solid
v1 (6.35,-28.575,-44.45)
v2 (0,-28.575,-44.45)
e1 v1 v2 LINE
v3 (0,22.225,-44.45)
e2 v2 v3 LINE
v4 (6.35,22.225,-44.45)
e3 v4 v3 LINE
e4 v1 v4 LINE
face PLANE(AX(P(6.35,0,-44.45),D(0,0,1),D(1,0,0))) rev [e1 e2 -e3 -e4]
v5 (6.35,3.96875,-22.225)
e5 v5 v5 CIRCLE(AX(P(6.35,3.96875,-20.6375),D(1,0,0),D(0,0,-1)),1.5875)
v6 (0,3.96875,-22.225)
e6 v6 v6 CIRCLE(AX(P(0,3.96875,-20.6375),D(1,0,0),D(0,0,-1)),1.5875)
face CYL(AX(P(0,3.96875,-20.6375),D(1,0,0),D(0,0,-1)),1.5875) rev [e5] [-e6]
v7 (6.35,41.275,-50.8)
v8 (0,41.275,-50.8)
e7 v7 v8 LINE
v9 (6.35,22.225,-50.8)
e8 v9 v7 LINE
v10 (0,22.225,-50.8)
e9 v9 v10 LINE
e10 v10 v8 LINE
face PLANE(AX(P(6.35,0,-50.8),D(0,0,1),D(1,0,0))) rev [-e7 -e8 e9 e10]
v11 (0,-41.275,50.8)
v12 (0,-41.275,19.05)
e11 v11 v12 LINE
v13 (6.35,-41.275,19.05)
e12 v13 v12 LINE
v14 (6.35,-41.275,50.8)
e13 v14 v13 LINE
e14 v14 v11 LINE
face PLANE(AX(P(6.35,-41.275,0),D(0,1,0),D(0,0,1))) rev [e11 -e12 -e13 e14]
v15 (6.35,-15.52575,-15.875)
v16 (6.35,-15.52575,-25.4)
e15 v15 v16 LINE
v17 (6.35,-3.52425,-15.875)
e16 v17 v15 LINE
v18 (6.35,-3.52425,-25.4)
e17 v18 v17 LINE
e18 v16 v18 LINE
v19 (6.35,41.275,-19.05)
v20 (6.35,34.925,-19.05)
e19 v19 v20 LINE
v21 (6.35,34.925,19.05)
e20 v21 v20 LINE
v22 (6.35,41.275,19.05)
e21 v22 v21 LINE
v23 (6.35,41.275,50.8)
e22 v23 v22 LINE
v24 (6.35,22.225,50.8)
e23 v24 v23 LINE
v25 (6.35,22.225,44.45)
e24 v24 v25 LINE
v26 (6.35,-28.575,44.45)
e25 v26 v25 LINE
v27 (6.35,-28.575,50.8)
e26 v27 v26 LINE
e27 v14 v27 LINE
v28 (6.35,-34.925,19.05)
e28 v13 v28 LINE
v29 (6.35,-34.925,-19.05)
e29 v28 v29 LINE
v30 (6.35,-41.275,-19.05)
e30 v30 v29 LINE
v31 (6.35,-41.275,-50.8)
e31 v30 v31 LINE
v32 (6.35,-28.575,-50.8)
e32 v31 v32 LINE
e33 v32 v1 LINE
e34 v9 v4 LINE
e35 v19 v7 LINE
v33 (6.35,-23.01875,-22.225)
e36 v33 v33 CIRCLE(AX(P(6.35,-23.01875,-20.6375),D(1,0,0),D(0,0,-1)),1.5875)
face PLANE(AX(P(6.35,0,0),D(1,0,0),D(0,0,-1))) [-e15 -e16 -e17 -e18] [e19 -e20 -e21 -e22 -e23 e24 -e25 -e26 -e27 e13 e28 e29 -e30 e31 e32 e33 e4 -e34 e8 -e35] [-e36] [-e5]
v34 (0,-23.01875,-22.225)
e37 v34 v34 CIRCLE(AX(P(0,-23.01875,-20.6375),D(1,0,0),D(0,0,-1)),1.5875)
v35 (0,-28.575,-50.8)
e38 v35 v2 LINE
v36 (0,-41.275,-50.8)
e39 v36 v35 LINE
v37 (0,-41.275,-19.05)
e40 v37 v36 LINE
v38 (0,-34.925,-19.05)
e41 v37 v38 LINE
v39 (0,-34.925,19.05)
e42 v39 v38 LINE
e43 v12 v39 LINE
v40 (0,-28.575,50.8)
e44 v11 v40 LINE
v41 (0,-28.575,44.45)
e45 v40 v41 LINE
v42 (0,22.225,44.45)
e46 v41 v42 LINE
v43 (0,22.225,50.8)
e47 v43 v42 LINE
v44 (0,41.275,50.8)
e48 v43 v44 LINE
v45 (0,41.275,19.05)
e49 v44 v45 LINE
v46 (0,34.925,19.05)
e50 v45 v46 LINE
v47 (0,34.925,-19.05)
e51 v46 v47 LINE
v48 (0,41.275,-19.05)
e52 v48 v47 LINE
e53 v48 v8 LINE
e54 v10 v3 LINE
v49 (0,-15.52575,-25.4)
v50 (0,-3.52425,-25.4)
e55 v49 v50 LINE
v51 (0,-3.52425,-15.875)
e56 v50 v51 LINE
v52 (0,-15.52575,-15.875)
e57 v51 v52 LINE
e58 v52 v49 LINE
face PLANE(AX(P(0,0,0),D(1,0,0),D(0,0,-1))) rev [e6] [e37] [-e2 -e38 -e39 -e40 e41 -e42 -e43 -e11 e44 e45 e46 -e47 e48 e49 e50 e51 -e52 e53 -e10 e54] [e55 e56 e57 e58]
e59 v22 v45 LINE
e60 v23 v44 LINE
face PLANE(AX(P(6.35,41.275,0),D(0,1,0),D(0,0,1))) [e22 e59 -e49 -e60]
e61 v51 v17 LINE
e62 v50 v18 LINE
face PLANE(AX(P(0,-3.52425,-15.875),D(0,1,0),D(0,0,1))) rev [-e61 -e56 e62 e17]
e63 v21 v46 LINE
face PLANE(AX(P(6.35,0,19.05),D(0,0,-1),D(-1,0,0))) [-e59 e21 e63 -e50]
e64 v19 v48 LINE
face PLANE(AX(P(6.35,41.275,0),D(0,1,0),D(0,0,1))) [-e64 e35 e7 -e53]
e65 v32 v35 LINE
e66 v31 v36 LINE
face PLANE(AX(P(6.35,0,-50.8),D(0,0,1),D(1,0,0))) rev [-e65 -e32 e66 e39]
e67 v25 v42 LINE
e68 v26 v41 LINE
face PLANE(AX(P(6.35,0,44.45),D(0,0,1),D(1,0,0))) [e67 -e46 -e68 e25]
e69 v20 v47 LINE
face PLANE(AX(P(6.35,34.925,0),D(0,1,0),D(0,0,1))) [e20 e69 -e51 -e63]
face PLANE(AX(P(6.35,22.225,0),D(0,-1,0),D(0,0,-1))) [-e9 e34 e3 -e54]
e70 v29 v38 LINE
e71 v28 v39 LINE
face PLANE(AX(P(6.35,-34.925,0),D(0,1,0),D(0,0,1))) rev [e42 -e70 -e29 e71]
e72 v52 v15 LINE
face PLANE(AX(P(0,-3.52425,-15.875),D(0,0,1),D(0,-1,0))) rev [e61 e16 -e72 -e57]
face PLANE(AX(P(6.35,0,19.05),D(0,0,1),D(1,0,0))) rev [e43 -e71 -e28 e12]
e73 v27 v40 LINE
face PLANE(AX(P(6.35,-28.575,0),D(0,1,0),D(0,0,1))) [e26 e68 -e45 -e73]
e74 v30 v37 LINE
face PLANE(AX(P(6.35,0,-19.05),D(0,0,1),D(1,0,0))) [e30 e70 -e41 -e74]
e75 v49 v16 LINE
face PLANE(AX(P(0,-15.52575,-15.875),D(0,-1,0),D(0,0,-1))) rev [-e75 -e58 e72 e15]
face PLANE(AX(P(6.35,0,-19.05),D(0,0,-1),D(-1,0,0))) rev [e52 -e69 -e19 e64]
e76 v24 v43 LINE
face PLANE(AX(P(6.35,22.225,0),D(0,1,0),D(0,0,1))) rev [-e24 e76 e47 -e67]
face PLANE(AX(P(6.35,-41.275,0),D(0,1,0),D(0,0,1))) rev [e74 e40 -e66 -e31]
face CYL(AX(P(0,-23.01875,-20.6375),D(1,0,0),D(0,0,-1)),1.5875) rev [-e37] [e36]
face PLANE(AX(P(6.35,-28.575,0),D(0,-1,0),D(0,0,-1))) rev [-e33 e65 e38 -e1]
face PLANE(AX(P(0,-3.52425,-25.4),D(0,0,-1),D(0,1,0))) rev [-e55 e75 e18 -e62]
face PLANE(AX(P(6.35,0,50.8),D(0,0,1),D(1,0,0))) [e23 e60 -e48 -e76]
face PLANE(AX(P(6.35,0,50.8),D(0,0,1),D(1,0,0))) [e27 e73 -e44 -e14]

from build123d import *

# Parameters (mm, degrees)
BOSS_EXTRUDE1_DEPTH = 6.35
SKETCH2_R           = 1.5875
SKETCH2_W           = 9.525
SKETCH2_H           = 12.0015
CUT_EXTRUDE1_DEPTH  = 6.35


with BuildPart() as part:
    # Sketch1 → Boss-Extrude1 (new body)
    with BuildSketch(Plane(origin=(0, 0, 0), x_dir=(0, 0, -1), z_dir=(1, 0, 0))):
        Polygon((-50.8, -28.575), (-50.8, -41.275), (-19.05, -41.275), (-19.05, -34.925), (19.05, -34.925), (19.05, -41.275), (50.8, -41.275), (50.8, -28.575), (44.45, -28.575), (44.45, 22.225), (50.8, 22.225), (50.8, 41.275), (19.05, 41.275), (19.05, 34.925), (-19.05, 34.925), (-19.05, 41.275), (-50.8, 41.275), (-50.8, 22.225), (-44.45, 22.225), (-44.45, -28.575), align=None)
    extrude(amount=BOSS_EXTRUDE1_DEPTH)

    # Sketch2 → Cut-Extrude1 (cut)
    with BuildSketch(Plane(origin=(6.35, 95.4107123, 69.821382876), x_dir=(0, 0, -1), z_dir=(1, 0, 0))):
        with Locations((90.458882876, -118.4294623)):
            Circle(SKETCH2_R)
        with Locations((90.458882876, -91.4419623)):
            Circle(SKETCH2_R)
        with Locations((90.458882876, -104.9357123)):
            Rectangle(SKETCH2_W, SKETCH2_H)
    extrude(amount=-CUT_EXTRUDE1_DEPTH, mode=Mode.SUBTRACT)


solid = part.part
